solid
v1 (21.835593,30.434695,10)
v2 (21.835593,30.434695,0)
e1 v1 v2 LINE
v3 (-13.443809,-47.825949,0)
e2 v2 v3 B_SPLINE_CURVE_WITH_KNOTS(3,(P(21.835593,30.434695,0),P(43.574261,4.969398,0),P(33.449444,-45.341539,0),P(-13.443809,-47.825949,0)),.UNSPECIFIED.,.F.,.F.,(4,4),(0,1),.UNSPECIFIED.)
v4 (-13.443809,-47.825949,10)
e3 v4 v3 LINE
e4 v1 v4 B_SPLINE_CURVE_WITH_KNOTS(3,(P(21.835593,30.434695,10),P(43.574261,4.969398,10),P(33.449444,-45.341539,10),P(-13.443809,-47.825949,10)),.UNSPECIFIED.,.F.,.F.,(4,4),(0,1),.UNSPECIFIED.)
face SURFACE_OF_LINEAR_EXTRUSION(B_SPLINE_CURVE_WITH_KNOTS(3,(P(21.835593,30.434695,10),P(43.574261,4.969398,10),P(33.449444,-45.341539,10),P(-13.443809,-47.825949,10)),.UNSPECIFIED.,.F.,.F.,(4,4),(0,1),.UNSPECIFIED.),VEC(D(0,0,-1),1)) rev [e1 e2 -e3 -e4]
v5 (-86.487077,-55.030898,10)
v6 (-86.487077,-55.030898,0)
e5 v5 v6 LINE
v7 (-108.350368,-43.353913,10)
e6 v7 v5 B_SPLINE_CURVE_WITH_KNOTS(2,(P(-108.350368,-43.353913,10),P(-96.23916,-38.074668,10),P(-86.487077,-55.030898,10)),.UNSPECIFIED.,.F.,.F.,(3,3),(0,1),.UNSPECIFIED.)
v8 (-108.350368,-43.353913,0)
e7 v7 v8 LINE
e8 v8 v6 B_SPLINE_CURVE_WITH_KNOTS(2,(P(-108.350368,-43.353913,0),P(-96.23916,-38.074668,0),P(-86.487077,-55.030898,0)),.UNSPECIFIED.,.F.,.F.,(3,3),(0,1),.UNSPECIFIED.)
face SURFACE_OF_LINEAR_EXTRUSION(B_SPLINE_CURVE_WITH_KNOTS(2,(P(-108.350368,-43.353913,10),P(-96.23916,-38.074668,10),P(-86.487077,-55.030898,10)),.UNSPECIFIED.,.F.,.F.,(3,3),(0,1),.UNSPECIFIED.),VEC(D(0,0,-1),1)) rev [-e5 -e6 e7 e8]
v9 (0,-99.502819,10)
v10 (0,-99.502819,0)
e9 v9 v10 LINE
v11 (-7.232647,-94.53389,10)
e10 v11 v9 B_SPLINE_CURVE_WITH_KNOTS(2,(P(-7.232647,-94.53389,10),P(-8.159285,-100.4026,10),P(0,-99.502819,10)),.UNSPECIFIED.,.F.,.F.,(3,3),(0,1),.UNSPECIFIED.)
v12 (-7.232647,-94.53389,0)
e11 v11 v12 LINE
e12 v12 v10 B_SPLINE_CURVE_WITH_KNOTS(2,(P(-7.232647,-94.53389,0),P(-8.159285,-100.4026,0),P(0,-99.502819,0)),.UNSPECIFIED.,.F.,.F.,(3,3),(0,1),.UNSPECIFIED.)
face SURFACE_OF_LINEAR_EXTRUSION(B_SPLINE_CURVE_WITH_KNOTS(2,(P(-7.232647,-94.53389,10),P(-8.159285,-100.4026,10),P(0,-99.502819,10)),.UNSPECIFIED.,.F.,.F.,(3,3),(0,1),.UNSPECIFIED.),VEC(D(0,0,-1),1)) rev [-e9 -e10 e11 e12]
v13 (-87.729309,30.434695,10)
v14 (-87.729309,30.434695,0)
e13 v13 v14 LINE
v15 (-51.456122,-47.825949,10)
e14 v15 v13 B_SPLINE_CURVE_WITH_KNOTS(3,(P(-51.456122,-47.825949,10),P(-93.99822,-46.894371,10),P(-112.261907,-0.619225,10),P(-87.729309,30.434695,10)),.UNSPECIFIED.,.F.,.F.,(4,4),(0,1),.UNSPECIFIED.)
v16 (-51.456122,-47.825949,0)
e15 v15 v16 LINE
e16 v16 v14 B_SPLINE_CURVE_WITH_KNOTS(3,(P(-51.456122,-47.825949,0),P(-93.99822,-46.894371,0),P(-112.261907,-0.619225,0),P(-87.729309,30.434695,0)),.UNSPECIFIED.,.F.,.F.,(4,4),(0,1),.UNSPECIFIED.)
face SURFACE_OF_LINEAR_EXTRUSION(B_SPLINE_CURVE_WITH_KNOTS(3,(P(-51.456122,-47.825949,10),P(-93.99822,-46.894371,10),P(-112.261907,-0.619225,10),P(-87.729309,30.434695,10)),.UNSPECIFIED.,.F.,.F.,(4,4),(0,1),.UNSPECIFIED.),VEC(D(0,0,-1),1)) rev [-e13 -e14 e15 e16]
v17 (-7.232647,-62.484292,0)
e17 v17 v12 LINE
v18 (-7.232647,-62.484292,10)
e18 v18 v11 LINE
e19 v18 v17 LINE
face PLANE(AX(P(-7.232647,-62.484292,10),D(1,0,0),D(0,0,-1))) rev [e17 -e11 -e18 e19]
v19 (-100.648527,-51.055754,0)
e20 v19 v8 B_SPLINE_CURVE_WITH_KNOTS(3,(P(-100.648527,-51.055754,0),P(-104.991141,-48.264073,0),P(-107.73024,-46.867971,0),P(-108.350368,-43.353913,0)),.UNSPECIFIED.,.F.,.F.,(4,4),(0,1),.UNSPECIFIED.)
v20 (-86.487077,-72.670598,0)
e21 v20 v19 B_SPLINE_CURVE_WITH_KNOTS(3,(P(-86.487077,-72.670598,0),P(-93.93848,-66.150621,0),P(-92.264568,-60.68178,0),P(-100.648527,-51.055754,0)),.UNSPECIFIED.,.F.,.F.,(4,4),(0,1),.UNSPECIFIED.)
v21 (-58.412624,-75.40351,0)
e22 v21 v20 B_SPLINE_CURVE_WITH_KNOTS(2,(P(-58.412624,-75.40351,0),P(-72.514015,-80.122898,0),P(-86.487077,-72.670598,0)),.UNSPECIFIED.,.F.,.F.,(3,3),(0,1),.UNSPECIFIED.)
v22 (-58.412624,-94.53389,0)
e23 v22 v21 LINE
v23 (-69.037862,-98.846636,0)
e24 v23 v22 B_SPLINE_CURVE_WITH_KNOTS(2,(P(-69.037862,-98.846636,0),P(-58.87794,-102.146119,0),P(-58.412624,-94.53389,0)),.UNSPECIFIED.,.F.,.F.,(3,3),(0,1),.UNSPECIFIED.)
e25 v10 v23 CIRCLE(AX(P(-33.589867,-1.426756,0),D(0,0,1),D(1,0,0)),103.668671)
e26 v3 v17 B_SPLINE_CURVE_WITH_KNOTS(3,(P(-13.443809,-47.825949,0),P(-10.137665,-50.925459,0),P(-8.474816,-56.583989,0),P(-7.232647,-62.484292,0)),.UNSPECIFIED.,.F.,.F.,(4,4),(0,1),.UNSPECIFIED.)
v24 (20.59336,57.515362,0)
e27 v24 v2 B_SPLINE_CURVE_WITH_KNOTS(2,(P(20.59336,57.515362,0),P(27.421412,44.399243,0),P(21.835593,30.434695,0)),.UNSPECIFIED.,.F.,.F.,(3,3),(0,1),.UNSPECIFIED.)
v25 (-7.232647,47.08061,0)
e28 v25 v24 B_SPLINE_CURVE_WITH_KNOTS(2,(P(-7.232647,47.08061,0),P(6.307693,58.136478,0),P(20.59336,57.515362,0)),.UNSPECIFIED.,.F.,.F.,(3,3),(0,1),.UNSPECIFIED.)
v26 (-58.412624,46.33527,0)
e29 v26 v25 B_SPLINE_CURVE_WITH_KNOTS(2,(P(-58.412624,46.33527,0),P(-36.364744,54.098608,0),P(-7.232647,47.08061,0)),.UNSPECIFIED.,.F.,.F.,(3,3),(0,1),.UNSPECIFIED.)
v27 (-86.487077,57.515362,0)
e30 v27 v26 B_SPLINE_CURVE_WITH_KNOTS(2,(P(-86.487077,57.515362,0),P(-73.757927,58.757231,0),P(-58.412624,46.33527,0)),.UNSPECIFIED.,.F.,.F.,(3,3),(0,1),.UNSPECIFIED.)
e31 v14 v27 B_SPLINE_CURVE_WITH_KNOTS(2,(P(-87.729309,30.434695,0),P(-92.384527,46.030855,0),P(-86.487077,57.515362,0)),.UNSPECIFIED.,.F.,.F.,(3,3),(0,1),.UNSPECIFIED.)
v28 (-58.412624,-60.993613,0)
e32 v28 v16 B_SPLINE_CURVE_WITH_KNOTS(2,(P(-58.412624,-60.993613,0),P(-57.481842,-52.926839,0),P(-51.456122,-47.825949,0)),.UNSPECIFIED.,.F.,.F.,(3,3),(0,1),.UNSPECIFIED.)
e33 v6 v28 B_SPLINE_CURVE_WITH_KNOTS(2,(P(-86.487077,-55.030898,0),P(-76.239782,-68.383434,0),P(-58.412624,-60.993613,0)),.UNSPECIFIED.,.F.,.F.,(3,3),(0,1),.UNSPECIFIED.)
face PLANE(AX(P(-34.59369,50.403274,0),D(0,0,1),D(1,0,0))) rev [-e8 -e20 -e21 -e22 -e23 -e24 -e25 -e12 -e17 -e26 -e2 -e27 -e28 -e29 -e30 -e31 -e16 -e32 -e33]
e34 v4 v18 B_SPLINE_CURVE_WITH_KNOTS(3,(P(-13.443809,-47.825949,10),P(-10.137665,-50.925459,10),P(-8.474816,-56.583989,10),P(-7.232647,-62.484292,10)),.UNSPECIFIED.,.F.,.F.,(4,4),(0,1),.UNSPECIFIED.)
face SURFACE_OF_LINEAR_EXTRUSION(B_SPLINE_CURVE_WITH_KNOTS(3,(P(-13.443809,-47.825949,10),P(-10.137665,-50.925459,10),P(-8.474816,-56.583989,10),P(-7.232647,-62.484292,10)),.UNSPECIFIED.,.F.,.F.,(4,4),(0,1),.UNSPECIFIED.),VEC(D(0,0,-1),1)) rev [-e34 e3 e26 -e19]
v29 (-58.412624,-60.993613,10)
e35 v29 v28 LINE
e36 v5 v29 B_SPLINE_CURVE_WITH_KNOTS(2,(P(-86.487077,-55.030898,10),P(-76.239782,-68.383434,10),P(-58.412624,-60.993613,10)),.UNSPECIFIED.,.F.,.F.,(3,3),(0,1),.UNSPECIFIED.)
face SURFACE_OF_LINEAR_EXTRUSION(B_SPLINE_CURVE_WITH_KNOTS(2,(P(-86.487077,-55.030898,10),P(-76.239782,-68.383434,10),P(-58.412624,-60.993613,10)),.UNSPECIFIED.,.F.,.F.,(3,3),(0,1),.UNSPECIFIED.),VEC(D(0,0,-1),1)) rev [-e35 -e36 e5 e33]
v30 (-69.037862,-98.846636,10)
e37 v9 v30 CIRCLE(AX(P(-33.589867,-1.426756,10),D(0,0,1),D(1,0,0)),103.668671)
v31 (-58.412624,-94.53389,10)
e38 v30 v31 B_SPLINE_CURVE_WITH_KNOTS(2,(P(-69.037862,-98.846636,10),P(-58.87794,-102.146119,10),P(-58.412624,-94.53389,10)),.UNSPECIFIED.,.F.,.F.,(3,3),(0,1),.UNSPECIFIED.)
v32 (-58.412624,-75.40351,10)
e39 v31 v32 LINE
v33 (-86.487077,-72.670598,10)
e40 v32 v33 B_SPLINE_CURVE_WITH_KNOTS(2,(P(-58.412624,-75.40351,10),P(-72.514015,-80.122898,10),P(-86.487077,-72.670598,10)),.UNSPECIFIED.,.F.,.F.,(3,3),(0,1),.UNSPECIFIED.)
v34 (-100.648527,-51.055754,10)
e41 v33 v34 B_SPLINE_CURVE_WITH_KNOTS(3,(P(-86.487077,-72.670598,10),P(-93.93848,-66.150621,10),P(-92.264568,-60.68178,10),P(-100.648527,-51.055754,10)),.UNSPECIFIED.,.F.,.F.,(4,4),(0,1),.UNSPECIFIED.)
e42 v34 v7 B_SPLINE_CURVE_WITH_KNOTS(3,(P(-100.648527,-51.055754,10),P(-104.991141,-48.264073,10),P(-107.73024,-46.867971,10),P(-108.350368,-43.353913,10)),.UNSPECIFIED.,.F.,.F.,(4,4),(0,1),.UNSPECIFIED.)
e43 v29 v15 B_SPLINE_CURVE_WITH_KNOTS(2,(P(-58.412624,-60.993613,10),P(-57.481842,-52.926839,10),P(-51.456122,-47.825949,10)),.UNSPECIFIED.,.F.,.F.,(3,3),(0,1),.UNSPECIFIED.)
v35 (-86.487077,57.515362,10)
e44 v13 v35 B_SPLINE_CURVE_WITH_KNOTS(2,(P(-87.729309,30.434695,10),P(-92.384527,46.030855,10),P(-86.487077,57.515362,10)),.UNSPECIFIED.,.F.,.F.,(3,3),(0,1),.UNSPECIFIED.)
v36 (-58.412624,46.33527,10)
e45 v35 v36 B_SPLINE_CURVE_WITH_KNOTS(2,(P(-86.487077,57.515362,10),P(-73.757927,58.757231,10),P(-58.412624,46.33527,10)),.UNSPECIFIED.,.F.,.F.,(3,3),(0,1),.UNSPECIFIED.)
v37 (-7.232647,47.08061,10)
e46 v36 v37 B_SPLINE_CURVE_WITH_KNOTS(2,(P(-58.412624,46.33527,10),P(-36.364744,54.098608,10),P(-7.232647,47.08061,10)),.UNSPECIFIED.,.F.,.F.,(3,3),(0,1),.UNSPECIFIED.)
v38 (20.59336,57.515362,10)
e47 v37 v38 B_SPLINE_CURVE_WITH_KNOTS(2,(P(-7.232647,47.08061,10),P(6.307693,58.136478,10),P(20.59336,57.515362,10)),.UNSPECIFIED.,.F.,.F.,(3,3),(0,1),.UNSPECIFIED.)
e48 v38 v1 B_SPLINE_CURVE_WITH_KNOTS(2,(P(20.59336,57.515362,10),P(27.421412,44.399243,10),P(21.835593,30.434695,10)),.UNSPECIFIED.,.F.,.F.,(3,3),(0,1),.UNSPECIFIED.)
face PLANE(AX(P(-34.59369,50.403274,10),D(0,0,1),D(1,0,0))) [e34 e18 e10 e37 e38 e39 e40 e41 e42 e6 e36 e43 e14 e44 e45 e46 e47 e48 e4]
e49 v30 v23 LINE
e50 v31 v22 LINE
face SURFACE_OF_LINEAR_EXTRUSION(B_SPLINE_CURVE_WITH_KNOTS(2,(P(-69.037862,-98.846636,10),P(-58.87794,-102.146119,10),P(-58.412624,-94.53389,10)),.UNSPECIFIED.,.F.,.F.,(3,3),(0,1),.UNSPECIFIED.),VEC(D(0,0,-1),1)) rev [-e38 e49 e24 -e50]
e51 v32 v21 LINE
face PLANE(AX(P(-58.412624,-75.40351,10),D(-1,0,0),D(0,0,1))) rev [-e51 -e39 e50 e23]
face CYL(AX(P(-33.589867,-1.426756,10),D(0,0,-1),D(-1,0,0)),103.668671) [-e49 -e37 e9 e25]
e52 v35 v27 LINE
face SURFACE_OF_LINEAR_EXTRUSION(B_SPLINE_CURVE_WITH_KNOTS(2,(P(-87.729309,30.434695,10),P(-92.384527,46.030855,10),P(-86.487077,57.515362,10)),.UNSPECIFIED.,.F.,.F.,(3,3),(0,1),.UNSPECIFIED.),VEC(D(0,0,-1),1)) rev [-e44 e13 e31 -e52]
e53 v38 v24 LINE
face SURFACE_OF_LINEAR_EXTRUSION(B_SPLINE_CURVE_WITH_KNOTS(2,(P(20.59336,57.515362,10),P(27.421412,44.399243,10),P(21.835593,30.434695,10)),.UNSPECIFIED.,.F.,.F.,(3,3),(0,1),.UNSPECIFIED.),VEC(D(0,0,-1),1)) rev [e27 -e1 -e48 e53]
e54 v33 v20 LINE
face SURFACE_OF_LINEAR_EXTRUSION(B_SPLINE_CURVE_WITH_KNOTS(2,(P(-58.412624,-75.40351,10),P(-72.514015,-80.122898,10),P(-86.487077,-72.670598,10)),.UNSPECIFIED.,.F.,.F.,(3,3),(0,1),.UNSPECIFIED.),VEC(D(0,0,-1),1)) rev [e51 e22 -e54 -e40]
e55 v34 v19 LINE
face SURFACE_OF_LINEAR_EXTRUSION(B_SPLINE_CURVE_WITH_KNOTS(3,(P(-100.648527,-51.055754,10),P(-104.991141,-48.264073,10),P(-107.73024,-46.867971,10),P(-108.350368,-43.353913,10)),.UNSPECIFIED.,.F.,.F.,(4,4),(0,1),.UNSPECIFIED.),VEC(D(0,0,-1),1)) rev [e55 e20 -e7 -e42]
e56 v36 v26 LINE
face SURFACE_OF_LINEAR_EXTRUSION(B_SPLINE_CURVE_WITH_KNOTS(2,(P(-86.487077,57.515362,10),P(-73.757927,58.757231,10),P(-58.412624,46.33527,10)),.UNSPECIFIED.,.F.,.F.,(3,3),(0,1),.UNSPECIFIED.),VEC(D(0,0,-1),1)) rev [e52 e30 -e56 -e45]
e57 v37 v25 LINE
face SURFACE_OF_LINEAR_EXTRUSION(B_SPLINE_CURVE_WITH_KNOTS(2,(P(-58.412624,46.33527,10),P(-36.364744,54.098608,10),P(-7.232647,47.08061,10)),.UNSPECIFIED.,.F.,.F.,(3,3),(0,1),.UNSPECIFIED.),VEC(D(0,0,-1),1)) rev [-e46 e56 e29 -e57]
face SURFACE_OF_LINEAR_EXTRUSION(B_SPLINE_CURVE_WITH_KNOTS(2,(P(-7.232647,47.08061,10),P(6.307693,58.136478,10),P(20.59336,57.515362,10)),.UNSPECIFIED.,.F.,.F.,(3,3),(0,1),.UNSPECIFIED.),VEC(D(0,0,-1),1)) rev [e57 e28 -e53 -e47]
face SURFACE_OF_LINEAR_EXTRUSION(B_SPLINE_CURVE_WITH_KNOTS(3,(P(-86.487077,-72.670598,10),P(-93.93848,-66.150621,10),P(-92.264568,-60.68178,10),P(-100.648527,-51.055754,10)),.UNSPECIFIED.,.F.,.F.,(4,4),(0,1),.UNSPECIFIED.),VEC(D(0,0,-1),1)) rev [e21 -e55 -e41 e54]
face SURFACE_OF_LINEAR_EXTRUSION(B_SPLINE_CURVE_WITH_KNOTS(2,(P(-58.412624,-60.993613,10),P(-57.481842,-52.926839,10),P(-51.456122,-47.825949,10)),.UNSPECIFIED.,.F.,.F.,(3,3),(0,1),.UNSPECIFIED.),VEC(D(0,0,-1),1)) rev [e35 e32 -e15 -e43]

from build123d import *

# Parameters (mm, degrees)
RESSALTO_EXTRUS_O1_DEPTH = 10


with BuildPart() as part:
    # Esboço1 → Ressalto-extrusão1 (new body)
    with BuildSketch(Plane.XY):
        with BuildLine():
            Line((-7.232646643, -62.48429229), (-7.232646643, -94.533889528))
            add(Edge.make_bspline(
                [(0, -99.502819333), (-8.159285206, -100.402600429), (-7.232646643, -94.533889528)],
                knots=[0, 0, 0, 1, 1, 1], degree=2))
            ThreePointArc((0, -99.502819333), (-32.604573624, 102.237231854), (-69.037862067, -98.84663614))
            add(Edge.make_bspline(
                [(-69.037862067, -98.84663614), (-58.877940065, -102.146119369), (-58.412623628, -94.533889528)],
                knots=[0, 0, 0, 1, 1, 1], degree=2))
            Line((-58.412623628, -94.533889528), (-58.412623628, -75.403509781))
            add(Edge.make_bspline(
                [(-86.487077022, -72.670598389), (-72.514014981, -80.122898144), (-58.412623628, -75.403509781)],
                knots=[0, 0, 0, 1, 1, 1], degree=2))
            add(Edge.make_bspline(
                [(-100.648526965, -51.05575374), (-92.264568181, -60.681780492), (-93.93848024, -66.150620573), (-86.487077022, -72.670598389)],
                knots=[0, 0, 0, 0, 1, 1, 1, 1], degree=3))
            add(Edge.make_bspline(
                [(-108.350368162, -43.353912543), (-107.730240194, -46.867971027), (-104.99114076, -48.264073443), (-100.648526965, -51.05575374)],
                knots=[0, 0, 0, 0, 1, 1, 1, 1], degree=3))
            add(Edge.make_bspline(
                [(-86.487077022, -55.030897583), (-96.23915973, -38.074667842), (-108.350368162, -43.353912543)],
                knots=[0, 0, 0, 1, 1, 1], degree=2))
            add(Edge.make_bspline(
                [(-58.412623628, -60.993613349), (-76.239781836, -68.383433735), (-86.487077022, -55.030897583)],
                knots=[0, 0, 0, 1, 1, 1], degree=2))
            add(Edge.make_bspline(
                [(-51.456121902, -47.825949367), (-57.481841957, -52.926838867), (-58.412623628, -60.993613349)],
                knots=[0, 0, 0, 1, 1, 1], degree=2))
            add(Edge.make_bspline(
                [(-87.729309473, 30.434695052), (-112.261906541, -0.619225286), (-93.998220032, -46.894370576), (-51.456121902, -47.825949367)],
                knots=[0, 0, 0, 0, 1, 1, 1, 1], degree=3))
            add(Edge.make_bspline(
                [(-86.487077022, 57.515362486), (-92.384526984, 46.030854666), (-87.729309473, 30.434695052)],
                knots=[0, 0, 0, 1, 1, 1], degree=2))
            add(Edge.make_bspline(
                [(-58.412623628, 46.335270426), (-73.757926553, 58.757230824), (-86.487077022, 57.515362486)],
                knots=[0, 0, 0, 1, 1, 1], degree=2))
            add(Edge.make_bspline(
                [(-58.412623628, 46.335270426), (-36.364743942, 54.098608343), (-7.232646643, 47.080609896)],
                knots=[0, 0, 0, 1, 1, 1], degree=2))
            add(Edge.make_bspline(
                [(-7.232646643, 47.080609896), (6.307693164, 58.136478446), (20.593360262, 57.515362486)],
                knots=[0, 0, 0, 1, 1, 1], degree=2))
            add(Edge.make_bspline(
                [(20.593360262, 57.515362486), (27.4214118, 44.39924277), (21.835592713, 30.434695052)],
                knots=[0, 0, 0, 1, 1, 1], degree=2))
            add(Edge.make_bspline(
                [(21.835592713, 30.434695052), (43.574260816, 4.969398131), (33.44944429, -45.341538602), (-13.443808898, -47.825949367)],
                knots=[0, 0, 0, 0, 1, 1, 1, 1], degree=3))
            add(Edge.make_bspline(
                [(-13.443808898, -47.825949367), (-10.137665295, -50.925458995), (-8.474815726, -56.583989145), (-7.232646643, -62.48429229)],
                knots=[0, 0, 0, 0, 1, 1, 1, 1], degree=3))
        make_face()
    extrude(amount=RESSALTO_EXTRUS_O1_DEPTH)


solid = part.part
